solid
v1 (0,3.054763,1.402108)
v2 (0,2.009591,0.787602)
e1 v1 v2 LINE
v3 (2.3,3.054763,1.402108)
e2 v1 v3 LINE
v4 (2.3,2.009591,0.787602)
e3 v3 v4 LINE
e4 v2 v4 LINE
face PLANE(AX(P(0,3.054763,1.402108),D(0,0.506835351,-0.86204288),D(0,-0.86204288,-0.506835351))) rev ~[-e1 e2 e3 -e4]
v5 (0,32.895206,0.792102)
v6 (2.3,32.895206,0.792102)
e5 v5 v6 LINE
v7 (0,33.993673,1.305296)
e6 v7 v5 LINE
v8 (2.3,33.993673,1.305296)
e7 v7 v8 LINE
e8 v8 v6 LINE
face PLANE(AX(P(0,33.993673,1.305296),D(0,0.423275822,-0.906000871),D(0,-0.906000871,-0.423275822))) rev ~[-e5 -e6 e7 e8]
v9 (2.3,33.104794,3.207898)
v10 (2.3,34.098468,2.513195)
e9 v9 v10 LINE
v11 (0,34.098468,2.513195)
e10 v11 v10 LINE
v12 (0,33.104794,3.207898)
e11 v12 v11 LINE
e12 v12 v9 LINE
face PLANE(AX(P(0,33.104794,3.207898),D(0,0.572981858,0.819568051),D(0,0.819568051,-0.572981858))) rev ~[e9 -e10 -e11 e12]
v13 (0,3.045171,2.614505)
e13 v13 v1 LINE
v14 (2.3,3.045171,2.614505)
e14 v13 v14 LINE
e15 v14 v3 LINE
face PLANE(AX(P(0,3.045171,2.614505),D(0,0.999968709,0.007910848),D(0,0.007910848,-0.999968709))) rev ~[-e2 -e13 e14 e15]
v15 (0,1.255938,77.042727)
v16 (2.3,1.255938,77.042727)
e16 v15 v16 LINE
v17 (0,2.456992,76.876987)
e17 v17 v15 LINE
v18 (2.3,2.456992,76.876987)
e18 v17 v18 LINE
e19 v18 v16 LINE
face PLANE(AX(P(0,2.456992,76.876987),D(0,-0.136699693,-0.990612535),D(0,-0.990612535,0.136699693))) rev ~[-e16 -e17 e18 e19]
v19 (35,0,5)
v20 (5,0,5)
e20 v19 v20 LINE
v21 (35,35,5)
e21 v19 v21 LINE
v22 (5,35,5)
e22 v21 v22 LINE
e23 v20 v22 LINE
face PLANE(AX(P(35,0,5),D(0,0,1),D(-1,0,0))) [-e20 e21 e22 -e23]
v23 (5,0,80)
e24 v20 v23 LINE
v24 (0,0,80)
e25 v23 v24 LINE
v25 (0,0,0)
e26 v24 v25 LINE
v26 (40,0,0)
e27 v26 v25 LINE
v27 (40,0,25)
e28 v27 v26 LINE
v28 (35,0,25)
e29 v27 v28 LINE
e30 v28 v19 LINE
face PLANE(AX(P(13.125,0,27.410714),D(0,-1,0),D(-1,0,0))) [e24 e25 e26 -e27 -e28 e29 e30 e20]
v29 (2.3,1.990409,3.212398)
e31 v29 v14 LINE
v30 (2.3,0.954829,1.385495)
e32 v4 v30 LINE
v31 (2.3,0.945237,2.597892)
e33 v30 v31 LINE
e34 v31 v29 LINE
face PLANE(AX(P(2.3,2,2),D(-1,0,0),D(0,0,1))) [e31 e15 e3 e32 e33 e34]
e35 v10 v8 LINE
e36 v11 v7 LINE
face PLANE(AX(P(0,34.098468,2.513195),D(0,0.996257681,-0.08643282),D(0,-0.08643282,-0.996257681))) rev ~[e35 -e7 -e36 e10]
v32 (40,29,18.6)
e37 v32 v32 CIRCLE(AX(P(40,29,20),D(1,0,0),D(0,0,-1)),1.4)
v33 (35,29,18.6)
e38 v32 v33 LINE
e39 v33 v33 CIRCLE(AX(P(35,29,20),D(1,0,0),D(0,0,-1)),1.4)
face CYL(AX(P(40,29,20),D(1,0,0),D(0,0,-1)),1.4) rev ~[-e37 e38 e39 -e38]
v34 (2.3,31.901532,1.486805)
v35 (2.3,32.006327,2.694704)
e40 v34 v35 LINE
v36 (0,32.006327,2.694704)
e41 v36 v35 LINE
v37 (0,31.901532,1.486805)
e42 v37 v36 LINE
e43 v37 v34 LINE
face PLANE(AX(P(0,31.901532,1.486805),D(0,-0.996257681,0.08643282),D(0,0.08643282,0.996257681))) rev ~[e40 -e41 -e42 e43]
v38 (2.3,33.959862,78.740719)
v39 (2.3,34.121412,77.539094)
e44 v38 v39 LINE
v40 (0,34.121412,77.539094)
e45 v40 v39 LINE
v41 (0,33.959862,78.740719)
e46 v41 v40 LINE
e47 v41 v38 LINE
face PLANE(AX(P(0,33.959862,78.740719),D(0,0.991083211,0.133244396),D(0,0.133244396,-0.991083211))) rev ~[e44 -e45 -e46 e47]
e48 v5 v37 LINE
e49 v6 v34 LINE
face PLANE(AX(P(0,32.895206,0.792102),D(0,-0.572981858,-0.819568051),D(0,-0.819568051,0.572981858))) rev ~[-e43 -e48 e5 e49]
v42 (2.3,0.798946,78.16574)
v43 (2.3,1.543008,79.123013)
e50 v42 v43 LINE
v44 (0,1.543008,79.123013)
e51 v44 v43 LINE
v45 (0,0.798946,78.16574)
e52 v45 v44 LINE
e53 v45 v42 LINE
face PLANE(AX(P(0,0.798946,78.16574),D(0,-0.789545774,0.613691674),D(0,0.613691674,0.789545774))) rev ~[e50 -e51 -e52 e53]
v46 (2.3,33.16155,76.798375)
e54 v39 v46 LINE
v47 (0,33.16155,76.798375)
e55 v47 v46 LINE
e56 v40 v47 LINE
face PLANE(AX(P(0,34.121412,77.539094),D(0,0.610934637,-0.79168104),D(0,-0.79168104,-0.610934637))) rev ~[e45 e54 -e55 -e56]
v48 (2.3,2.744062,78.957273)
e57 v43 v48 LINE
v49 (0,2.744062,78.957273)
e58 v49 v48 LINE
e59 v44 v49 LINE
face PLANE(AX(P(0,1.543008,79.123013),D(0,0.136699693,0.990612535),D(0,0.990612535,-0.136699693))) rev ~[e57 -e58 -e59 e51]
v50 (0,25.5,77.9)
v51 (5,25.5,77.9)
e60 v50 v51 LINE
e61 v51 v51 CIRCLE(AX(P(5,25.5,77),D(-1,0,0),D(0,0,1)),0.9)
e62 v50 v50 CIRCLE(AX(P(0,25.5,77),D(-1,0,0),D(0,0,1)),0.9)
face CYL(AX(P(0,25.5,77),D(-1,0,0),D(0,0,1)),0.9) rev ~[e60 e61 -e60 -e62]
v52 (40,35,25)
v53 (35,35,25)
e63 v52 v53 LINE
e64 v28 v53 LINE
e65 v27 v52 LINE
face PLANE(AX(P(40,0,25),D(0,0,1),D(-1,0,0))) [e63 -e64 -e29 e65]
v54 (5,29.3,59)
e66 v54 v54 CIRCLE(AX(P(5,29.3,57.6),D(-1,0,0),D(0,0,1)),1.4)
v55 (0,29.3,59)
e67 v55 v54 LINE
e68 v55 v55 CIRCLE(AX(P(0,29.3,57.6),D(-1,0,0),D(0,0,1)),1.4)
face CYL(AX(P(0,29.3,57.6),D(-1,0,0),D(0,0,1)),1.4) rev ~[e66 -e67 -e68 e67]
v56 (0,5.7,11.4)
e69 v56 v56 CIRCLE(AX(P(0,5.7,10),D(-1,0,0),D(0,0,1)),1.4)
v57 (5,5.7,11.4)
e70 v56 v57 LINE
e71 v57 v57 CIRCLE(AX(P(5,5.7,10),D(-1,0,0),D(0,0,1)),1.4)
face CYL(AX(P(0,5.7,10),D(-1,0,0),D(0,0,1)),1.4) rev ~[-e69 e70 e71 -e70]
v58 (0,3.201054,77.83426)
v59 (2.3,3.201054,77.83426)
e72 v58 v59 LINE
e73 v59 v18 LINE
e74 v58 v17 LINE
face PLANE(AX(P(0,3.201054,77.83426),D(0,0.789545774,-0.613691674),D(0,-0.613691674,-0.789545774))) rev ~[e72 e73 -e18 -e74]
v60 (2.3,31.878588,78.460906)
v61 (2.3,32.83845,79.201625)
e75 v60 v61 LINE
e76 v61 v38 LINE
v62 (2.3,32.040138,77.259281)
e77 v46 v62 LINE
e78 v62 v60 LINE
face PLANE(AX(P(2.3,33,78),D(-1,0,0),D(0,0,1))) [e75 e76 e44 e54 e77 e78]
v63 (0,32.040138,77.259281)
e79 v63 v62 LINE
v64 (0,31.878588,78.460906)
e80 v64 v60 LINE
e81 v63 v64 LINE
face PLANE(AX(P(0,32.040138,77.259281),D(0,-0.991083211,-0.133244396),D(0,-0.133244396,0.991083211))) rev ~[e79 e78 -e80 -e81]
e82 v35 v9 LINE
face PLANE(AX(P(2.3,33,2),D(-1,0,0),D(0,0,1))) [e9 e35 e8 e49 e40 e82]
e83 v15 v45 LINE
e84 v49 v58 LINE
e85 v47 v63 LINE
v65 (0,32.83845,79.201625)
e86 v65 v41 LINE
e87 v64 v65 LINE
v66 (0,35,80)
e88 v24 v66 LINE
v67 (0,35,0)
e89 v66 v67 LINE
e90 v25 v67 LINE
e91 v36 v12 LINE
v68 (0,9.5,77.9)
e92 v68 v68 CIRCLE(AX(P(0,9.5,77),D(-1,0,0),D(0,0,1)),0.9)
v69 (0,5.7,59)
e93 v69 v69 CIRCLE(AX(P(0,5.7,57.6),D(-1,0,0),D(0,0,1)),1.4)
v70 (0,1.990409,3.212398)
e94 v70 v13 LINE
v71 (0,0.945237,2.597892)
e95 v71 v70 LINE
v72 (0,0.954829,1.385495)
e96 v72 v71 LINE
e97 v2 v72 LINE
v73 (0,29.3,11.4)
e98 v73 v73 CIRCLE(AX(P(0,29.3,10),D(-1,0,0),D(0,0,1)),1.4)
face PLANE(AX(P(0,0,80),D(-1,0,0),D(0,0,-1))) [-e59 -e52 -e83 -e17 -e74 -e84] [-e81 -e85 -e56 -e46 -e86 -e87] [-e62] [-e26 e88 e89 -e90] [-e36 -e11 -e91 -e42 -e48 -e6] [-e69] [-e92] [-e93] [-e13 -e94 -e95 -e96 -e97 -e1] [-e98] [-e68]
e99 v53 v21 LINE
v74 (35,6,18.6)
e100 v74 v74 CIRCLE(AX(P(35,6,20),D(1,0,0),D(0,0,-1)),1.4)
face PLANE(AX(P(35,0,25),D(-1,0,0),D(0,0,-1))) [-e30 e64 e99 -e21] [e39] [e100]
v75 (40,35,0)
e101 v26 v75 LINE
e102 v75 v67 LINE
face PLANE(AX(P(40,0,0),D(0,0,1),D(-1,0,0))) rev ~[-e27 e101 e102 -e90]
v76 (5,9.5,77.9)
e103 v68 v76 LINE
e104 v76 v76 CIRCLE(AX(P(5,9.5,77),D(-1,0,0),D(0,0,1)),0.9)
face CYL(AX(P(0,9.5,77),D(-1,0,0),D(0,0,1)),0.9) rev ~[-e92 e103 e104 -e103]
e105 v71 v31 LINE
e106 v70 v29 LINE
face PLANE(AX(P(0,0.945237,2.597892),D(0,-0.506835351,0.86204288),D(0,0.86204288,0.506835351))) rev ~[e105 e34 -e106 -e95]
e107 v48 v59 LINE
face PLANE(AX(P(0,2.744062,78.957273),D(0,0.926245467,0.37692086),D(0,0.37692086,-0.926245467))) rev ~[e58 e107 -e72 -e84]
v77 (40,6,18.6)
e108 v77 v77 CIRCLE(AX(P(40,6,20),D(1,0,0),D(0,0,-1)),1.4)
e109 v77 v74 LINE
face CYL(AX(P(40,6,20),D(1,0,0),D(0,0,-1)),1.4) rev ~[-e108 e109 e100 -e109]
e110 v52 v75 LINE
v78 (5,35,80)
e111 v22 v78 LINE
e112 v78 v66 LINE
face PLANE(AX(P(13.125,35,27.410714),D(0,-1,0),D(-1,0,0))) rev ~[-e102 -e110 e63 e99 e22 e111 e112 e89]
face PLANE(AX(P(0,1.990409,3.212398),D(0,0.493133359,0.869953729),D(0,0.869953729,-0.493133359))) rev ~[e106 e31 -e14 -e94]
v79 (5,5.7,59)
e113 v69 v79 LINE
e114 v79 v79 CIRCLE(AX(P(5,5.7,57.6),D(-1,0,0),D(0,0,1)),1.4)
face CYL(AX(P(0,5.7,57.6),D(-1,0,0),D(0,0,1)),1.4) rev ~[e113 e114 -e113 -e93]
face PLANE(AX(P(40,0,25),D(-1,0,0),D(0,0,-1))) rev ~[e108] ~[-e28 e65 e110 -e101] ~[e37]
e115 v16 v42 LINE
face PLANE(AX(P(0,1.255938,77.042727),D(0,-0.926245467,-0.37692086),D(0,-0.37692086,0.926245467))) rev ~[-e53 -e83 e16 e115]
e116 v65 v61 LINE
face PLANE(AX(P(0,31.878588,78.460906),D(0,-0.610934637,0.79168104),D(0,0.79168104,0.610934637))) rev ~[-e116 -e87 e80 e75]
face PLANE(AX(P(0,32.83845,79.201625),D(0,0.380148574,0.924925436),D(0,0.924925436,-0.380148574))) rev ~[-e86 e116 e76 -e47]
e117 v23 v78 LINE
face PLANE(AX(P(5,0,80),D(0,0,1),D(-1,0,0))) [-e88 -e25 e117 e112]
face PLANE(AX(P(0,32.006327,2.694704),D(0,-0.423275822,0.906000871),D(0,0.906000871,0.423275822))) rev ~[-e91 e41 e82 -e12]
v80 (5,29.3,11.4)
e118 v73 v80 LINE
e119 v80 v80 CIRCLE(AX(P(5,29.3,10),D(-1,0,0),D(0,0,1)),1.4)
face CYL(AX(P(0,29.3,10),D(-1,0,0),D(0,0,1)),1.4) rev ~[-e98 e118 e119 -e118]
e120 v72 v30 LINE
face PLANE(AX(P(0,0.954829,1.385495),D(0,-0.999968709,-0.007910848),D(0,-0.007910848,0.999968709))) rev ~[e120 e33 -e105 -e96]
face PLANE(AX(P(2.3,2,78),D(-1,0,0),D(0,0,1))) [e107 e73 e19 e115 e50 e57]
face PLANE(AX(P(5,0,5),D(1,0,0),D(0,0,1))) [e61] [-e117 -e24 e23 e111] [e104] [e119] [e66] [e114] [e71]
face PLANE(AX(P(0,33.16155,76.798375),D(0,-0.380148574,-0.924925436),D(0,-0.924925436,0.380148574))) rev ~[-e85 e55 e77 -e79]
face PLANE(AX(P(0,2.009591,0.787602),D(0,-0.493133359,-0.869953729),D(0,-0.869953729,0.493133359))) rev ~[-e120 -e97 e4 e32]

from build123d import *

# Parameters (mm, degrees)
BOSS_EXTRUDE1_DEPTH = 35
SKETCH3_R           = 1.4
CUT_EXTRUDE1_DEPTH  = 5
SKETCH4_R           = 1.4
CUT_EXTRUDE2_DEPTH  = 5
CUT_EXTRUDE3_DEPTH  = 2.3
SKETCH6_R           = 0.9
CUT_EXTRUDE4_DEPTH  = 5


with BuildPart() as part:
    # Sketch1 → Boss-Extrude1 (new body)
    with BuildSketch(Plane(origin=(0, 0, 0), x_dir=(1, 0, 0), z_dir=(0, 1, 0))):
        Polygon((0, 0), (5, 0), (40, 0), (40, -5), (40, -25), (35, -25), (35, -5), (5, -5), (5, -80), (0, -80), align=None)
    extrude(amount=BOSS_EXTRUDE1_DEPTH)

    # Sketch3 → Cut-Extrude1 (cut)
    with BuildSketch(Plane(origin=(40, 0, 0), x_dir=(0, 0, -1), z_dir=(1, 0, 0))):
        with Locations((-20, 29)):
            Circle(SKETCH3_R)
        with Locations((-20, 6)):
            Circle(SKETCH3_R)
    extrude(amount=-CUT_EXTRUDE1_DEPTH, mode=Mode.SUBTRACT)

    # Sketch4 → Cut-Extrude2 (cut)
    with BuildSketch(Plane.ZY):
        with Locations((10, 29.3)):
            Circle(SKETCH4_R)
        with Locations((57.6, 29.3)):
            Circle(SKETCH4_R)
        with Locations((57.6, 5.7)):
            Circle(SKETCH4_R)
        with Locations((10, 5.7)):
            Circle(SKETCH4_R)
    extrude(amount=-CUT_EXTRUDE2_DEPTH, mode=Mode.SUBTRACT)

    # Sketch5 → Cut-Extrude3 (cut)
    with BuildSketch(Plane.ZY):
        Polygon((1.305296416, 33.993673453), (0.792101755, 32.895205775), (1.486805338, 31.901532322), (2.694703584, 32.006326547), (3.207898245, 33.104794225), (2.513194662, 34.098467678), align=None)
        Polygon((2.614505204, 3.045171447), (1.402107578, 3.054762841), (0.787602373, 2.009591394), (1.385494796, 0.954828553), (2.597892422, 0.945237159), (3.212397627, 1.990408606), align=None)
        Polygon((78.957273376, 2.744061612), (77.83426043, 3.201053868), (76.876987054, 2.456992256), (77.042726624, 1.255938388), (78.16573957, 0.798946132), (79.123012946, 1.543007744), align=None)
        Polygon((78.740718882, 33.959862249), (77.539094349, 34.121412494), (76.798375467, 33.161550244), (77.259281118, 32.040137751), (78.460905651, 31.878587506), (79.201624533, 32.838449756), align=None)
    extrude(amount=-CUT_EXTRUDE3_DEPTH, mode=Mode.SUBTRACT)

    # Sketch6 → Cut-Extrude4 (cut)
    with BuildSketch(Plane.ZY):
        with Locations((77, 25.5)):
            Circle(SKETCH6_R)
        with Locations((77, 9.5)):
            Circle(SKETCH6_R)
    extrude(amount=-CUT_EXTRUDE4_DEPTH, mode=Mode.SUBTRACT)


solid = part.part
